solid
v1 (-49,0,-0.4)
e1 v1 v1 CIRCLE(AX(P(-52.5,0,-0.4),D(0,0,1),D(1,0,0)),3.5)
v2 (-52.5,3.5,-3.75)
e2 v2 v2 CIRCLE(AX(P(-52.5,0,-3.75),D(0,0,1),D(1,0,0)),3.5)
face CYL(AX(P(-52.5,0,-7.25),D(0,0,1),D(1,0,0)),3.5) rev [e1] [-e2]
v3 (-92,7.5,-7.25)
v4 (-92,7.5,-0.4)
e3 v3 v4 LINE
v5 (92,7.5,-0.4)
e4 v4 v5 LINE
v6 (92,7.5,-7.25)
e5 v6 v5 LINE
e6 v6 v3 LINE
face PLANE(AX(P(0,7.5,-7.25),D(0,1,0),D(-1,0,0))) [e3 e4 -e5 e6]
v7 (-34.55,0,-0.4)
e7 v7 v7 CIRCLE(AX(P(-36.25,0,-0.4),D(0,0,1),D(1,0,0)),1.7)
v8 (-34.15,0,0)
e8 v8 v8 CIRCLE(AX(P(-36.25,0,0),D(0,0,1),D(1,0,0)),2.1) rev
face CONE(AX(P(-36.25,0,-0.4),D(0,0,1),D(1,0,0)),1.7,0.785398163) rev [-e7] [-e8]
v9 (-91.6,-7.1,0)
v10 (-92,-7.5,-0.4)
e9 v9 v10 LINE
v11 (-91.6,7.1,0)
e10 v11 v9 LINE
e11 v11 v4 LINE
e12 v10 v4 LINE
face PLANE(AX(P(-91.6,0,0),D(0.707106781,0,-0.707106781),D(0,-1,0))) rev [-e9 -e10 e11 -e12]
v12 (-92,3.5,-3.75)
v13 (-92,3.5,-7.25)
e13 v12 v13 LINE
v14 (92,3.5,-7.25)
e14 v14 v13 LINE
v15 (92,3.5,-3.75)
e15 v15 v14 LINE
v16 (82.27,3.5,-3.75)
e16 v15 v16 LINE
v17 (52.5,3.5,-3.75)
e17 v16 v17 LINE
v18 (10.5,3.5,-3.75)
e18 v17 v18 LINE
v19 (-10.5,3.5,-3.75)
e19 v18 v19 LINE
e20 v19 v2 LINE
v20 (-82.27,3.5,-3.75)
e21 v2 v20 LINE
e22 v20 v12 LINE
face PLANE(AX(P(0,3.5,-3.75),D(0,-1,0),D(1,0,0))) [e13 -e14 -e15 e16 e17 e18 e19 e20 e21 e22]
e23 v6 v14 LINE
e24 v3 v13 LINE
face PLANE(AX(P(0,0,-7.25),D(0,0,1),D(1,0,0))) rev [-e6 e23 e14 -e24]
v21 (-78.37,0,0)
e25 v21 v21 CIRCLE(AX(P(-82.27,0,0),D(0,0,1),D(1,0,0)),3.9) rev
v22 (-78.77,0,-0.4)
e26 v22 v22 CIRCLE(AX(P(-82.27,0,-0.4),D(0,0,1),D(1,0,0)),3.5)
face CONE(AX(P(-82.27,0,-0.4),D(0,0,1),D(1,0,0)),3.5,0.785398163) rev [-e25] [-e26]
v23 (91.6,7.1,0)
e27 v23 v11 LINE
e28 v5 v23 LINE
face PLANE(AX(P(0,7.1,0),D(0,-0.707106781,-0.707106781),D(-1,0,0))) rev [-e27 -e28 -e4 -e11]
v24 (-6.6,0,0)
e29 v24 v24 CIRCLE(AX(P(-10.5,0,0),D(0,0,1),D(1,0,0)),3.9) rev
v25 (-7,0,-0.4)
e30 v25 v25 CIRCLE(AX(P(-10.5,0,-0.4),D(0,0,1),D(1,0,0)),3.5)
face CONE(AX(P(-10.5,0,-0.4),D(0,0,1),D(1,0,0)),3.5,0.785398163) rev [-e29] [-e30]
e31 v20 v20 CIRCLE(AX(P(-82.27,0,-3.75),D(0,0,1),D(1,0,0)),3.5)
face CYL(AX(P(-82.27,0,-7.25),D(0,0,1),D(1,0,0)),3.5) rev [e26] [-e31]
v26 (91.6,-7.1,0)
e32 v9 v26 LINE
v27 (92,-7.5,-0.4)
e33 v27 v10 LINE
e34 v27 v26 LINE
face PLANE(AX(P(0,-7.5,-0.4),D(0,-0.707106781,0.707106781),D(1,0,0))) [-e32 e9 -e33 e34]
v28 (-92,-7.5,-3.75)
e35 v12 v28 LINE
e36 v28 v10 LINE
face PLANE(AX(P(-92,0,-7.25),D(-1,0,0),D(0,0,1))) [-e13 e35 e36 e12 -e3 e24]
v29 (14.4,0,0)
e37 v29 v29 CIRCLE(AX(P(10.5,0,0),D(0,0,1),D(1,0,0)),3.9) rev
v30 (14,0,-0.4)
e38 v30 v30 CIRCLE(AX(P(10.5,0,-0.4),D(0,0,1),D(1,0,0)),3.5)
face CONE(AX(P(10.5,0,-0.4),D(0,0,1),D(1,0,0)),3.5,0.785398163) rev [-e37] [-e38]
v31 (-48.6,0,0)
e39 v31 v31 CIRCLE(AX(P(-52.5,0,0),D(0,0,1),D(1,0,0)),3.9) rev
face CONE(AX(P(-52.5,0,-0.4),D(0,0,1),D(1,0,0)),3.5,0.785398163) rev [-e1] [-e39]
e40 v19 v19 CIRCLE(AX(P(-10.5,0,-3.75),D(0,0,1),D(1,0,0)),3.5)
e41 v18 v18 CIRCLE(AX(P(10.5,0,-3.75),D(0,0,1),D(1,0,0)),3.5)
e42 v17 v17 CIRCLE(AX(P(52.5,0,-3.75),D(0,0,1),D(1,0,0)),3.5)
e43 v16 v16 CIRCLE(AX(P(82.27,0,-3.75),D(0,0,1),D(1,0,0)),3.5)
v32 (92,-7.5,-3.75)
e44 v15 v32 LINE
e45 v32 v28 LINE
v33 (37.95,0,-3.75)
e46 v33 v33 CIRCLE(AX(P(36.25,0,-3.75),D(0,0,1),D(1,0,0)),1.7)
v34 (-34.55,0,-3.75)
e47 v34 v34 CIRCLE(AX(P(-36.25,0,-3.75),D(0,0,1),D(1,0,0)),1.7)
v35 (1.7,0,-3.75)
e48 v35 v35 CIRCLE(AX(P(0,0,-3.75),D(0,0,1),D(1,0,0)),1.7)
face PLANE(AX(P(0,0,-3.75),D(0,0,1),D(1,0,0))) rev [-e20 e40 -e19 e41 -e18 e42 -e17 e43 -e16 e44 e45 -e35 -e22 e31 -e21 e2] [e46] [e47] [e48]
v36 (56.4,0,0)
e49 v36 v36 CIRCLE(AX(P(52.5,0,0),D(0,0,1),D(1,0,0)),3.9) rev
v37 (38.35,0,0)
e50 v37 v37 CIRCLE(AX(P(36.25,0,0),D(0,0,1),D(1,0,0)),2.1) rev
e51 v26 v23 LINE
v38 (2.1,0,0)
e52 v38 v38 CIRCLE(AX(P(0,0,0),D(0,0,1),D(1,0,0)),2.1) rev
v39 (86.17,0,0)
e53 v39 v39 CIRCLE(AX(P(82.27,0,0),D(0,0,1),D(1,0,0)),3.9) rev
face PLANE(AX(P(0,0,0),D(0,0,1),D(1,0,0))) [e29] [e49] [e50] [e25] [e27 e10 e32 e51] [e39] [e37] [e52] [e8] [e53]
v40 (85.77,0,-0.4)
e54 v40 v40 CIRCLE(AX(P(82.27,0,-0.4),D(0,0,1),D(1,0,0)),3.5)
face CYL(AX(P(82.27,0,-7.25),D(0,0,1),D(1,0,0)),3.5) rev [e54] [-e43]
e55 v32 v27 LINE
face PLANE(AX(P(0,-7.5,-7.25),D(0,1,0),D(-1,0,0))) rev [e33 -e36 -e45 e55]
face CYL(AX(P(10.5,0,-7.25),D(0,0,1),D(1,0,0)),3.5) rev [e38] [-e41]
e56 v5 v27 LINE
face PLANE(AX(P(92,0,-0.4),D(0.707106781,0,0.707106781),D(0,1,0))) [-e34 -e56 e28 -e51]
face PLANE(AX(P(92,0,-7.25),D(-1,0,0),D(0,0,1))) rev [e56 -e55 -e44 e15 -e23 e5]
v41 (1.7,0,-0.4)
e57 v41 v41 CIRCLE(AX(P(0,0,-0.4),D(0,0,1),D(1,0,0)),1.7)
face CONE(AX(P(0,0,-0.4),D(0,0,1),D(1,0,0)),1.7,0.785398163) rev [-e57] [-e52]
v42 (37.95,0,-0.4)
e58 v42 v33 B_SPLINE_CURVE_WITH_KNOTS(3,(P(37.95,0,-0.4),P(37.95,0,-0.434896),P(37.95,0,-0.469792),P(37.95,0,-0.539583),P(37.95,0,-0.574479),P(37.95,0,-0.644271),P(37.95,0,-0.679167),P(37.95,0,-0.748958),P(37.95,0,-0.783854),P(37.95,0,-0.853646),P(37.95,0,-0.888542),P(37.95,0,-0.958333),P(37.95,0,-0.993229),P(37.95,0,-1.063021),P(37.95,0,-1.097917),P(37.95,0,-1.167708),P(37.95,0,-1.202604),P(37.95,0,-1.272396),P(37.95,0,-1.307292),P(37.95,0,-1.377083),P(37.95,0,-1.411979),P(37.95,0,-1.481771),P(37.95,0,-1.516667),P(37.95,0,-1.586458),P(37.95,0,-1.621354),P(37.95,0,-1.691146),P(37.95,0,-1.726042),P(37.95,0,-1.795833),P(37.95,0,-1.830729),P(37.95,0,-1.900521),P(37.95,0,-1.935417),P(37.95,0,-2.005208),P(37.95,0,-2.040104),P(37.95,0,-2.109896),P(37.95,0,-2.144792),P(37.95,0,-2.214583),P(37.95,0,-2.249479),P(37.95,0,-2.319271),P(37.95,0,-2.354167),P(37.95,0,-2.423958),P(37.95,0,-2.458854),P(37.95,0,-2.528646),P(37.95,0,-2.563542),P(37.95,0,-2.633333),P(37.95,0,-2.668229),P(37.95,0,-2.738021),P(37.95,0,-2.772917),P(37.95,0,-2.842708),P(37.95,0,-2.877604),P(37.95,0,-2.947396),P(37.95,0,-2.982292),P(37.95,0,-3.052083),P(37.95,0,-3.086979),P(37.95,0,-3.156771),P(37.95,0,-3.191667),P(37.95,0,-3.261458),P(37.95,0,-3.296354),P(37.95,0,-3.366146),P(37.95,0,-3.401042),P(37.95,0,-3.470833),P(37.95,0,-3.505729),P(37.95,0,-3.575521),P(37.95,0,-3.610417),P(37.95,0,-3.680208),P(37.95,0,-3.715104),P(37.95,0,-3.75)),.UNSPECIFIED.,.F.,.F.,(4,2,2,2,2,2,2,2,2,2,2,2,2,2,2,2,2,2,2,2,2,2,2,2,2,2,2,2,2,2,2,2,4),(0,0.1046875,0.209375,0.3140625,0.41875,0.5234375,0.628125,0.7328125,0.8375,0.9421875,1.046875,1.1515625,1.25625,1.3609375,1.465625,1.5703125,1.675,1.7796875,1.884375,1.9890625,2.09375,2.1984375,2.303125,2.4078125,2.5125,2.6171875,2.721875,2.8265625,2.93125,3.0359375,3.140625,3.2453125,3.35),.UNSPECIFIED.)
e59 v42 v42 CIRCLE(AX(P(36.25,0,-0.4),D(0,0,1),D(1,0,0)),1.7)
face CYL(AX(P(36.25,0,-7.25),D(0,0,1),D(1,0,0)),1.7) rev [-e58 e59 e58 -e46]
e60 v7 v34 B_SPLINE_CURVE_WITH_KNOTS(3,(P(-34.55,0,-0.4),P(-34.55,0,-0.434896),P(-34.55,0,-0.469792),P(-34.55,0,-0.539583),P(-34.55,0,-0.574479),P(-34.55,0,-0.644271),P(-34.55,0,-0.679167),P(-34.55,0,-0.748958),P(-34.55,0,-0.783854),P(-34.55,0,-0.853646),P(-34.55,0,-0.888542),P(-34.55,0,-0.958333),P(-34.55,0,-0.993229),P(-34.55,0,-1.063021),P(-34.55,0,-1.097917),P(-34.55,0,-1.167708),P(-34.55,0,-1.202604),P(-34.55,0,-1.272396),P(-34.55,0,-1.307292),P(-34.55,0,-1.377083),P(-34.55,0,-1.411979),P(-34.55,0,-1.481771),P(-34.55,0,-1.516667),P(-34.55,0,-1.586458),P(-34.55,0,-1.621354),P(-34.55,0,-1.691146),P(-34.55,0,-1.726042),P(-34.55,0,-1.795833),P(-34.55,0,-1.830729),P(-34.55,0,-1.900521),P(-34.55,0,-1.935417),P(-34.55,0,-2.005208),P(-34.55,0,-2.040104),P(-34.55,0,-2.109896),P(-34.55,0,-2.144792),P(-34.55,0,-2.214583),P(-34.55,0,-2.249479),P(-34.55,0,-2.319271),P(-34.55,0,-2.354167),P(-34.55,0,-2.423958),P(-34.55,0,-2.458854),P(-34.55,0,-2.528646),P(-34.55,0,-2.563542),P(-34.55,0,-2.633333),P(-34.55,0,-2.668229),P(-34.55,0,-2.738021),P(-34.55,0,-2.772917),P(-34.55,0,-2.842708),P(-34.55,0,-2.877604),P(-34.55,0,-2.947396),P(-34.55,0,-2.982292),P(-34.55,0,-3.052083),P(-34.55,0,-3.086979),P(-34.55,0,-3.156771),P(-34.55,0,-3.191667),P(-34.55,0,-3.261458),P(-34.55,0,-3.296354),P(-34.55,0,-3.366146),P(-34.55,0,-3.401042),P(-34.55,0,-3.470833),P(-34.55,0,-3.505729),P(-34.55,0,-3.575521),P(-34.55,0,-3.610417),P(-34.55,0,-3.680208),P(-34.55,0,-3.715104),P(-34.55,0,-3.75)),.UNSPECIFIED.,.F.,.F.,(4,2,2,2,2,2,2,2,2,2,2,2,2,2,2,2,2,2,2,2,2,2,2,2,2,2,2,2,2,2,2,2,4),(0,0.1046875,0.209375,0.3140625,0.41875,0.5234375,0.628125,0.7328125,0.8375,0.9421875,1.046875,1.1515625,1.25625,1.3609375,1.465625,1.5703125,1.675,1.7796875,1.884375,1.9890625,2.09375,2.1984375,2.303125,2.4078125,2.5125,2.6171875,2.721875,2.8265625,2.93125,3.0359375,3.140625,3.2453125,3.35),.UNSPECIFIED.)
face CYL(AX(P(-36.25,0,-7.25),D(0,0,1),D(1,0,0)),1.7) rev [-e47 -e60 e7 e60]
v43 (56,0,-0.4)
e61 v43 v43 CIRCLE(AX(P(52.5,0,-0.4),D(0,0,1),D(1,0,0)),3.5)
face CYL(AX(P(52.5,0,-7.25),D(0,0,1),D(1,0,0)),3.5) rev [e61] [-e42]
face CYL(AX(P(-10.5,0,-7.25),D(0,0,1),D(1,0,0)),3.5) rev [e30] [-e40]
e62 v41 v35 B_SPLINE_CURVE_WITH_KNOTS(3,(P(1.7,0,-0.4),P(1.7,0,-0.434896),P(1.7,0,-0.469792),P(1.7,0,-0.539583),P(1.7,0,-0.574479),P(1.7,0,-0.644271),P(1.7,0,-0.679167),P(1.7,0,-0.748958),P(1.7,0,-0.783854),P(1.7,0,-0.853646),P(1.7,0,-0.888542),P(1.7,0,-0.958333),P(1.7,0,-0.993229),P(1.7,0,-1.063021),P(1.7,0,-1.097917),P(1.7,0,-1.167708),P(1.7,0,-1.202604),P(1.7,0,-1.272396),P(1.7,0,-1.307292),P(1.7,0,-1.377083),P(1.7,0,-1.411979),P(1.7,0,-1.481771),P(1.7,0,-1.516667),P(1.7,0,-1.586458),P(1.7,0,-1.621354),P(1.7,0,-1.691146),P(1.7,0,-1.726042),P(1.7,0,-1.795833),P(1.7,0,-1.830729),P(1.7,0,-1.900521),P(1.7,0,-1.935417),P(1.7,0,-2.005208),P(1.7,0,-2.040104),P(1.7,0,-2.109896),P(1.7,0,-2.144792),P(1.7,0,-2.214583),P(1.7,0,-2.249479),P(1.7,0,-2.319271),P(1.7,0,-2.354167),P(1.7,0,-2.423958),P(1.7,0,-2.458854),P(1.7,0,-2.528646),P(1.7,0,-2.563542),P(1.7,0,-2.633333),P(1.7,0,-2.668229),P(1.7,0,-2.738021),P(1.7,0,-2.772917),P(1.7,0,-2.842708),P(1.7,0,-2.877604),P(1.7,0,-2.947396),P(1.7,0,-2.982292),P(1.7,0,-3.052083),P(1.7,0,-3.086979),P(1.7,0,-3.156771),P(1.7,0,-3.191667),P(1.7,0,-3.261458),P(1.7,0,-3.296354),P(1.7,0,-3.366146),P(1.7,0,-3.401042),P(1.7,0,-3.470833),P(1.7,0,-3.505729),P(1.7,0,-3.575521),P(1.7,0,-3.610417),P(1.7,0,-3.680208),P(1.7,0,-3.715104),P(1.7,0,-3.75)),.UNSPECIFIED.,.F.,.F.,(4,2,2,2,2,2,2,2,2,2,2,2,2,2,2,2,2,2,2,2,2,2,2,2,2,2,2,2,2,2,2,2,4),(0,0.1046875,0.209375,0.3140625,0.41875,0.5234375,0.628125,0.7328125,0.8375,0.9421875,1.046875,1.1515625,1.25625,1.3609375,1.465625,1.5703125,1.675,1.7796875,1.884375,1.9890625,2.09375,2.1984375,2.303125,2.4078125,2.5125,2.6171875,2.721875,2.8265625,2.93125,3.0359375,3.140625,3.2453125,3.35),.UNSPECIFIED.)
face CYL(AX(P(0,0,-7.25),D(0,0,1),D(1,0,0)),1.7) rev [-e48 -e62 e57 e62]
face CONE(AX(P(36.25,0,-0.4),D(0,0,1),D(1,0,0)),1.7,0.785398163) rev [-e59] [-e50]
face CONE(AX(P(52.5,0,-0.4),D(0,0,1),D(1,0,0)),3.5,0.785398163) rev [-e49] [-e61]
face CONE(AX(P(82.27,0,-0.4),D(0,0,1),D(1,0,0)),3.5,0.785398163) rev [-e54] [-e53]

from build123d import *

# Parameters (mm, degrees)
SKETCH1_W               = 184
SKETCH1_H               = 15
BOSS_EXTRUDE1_DEPTH     = 7.25
CUT_EXTRUDE1_START      = -7.25
SKETCH1_6_W             = 184
SKETCH1_6_H             = 11
CUT_EXTRUDE1_DEPTH      = 3.5
CUT_EXTRUDE2_DEPTH      = 93.589483744
CUT_EXTRUDE2_DEPTH_BACK = 93.589483744
SKETCH2_R               = 3.5
SKETCH2_R_2             = 1.7
CHAMFER1_SIZE           = 0.4


with BuildPart() as part:
    # Sketch1 → Boss-Extrude1 (new body)
    with BuildSketch(Plane.XY):
        Rectangle(SKETCH1_W, SKETCH1_H)
    extrude(amount=-BOSS_EXTRUDE1_DEPTH)

    # Sketch1<6> → Cut-Extrude1 (cut)
    with BuildSketch(Plane.XY.offset(CUT_EXTRUDE1_START)):
        with Locations((0, -2)):
            Rectangle(SKETCH1_6_W, SKETCH1_6_H)
    extrude(amount=CUT_EXTRUDE1_DEPTH, mode=Mode.SUBTRACT)

    # Sketch2 → Cut-Extrude2 (cut, two sides: drawn at the far end of the back side and taken through both)
    with BuildSketch(Plane.XY.offset(-CUT_EXTRUDE2_DEPTH_BACK)):
        with Locations((-52.5, 0)):
            Circle(SKETCH2_R)
        with Locations((-36.25, 0)):
            Circle(SKETCH2_R_2)
        with Locations((-10.5, 0)):
            Circle(SKETCH2_R)
        Circle(SKETCH2_R_2)
        with Locations((10.5, 0)):
            Circle(SKETCH2_R)
        with Locations((36.25, 0)):
            Circle(SKETCH2_R_2)
        with Locations((52.5, 0)):
            Circle(SKETCH2_R)
        with Locations((-82.27, 0)):
            Circle(SKETCH2_R)
        with Locations((82.27, 0)):
            Circle(SKETCH2_R)
    extrude(amount=CUT_EXTRUDE2_DEPTH + CUT_EXTRUDE2_DEPTH_BACK, mode=Mode.SUBTRACT)

    # Chamfer1
    chamfer1_edges = [part.edges().sort_by_distance(p)[0] for p in [
        (-37.95, 0, 0),
        (-14, 0, 0),
        (-1.7, 0, 0),
        (7, 0, 0),
        (0, -7.5, 0),
        (78.77, 0, 0),
        (-92, 0, 0),
        (-85.77, 0, 0),
        (49, 0, 0),
        (34.55, 0, 0),
        (0, 7.5, 0),
        (-56, 0, 0),
        (92, 0, 0),
    ]]
    chamfer(chamfer1_edges, length=CHAMFER1_SIZE)


solid = part.part
